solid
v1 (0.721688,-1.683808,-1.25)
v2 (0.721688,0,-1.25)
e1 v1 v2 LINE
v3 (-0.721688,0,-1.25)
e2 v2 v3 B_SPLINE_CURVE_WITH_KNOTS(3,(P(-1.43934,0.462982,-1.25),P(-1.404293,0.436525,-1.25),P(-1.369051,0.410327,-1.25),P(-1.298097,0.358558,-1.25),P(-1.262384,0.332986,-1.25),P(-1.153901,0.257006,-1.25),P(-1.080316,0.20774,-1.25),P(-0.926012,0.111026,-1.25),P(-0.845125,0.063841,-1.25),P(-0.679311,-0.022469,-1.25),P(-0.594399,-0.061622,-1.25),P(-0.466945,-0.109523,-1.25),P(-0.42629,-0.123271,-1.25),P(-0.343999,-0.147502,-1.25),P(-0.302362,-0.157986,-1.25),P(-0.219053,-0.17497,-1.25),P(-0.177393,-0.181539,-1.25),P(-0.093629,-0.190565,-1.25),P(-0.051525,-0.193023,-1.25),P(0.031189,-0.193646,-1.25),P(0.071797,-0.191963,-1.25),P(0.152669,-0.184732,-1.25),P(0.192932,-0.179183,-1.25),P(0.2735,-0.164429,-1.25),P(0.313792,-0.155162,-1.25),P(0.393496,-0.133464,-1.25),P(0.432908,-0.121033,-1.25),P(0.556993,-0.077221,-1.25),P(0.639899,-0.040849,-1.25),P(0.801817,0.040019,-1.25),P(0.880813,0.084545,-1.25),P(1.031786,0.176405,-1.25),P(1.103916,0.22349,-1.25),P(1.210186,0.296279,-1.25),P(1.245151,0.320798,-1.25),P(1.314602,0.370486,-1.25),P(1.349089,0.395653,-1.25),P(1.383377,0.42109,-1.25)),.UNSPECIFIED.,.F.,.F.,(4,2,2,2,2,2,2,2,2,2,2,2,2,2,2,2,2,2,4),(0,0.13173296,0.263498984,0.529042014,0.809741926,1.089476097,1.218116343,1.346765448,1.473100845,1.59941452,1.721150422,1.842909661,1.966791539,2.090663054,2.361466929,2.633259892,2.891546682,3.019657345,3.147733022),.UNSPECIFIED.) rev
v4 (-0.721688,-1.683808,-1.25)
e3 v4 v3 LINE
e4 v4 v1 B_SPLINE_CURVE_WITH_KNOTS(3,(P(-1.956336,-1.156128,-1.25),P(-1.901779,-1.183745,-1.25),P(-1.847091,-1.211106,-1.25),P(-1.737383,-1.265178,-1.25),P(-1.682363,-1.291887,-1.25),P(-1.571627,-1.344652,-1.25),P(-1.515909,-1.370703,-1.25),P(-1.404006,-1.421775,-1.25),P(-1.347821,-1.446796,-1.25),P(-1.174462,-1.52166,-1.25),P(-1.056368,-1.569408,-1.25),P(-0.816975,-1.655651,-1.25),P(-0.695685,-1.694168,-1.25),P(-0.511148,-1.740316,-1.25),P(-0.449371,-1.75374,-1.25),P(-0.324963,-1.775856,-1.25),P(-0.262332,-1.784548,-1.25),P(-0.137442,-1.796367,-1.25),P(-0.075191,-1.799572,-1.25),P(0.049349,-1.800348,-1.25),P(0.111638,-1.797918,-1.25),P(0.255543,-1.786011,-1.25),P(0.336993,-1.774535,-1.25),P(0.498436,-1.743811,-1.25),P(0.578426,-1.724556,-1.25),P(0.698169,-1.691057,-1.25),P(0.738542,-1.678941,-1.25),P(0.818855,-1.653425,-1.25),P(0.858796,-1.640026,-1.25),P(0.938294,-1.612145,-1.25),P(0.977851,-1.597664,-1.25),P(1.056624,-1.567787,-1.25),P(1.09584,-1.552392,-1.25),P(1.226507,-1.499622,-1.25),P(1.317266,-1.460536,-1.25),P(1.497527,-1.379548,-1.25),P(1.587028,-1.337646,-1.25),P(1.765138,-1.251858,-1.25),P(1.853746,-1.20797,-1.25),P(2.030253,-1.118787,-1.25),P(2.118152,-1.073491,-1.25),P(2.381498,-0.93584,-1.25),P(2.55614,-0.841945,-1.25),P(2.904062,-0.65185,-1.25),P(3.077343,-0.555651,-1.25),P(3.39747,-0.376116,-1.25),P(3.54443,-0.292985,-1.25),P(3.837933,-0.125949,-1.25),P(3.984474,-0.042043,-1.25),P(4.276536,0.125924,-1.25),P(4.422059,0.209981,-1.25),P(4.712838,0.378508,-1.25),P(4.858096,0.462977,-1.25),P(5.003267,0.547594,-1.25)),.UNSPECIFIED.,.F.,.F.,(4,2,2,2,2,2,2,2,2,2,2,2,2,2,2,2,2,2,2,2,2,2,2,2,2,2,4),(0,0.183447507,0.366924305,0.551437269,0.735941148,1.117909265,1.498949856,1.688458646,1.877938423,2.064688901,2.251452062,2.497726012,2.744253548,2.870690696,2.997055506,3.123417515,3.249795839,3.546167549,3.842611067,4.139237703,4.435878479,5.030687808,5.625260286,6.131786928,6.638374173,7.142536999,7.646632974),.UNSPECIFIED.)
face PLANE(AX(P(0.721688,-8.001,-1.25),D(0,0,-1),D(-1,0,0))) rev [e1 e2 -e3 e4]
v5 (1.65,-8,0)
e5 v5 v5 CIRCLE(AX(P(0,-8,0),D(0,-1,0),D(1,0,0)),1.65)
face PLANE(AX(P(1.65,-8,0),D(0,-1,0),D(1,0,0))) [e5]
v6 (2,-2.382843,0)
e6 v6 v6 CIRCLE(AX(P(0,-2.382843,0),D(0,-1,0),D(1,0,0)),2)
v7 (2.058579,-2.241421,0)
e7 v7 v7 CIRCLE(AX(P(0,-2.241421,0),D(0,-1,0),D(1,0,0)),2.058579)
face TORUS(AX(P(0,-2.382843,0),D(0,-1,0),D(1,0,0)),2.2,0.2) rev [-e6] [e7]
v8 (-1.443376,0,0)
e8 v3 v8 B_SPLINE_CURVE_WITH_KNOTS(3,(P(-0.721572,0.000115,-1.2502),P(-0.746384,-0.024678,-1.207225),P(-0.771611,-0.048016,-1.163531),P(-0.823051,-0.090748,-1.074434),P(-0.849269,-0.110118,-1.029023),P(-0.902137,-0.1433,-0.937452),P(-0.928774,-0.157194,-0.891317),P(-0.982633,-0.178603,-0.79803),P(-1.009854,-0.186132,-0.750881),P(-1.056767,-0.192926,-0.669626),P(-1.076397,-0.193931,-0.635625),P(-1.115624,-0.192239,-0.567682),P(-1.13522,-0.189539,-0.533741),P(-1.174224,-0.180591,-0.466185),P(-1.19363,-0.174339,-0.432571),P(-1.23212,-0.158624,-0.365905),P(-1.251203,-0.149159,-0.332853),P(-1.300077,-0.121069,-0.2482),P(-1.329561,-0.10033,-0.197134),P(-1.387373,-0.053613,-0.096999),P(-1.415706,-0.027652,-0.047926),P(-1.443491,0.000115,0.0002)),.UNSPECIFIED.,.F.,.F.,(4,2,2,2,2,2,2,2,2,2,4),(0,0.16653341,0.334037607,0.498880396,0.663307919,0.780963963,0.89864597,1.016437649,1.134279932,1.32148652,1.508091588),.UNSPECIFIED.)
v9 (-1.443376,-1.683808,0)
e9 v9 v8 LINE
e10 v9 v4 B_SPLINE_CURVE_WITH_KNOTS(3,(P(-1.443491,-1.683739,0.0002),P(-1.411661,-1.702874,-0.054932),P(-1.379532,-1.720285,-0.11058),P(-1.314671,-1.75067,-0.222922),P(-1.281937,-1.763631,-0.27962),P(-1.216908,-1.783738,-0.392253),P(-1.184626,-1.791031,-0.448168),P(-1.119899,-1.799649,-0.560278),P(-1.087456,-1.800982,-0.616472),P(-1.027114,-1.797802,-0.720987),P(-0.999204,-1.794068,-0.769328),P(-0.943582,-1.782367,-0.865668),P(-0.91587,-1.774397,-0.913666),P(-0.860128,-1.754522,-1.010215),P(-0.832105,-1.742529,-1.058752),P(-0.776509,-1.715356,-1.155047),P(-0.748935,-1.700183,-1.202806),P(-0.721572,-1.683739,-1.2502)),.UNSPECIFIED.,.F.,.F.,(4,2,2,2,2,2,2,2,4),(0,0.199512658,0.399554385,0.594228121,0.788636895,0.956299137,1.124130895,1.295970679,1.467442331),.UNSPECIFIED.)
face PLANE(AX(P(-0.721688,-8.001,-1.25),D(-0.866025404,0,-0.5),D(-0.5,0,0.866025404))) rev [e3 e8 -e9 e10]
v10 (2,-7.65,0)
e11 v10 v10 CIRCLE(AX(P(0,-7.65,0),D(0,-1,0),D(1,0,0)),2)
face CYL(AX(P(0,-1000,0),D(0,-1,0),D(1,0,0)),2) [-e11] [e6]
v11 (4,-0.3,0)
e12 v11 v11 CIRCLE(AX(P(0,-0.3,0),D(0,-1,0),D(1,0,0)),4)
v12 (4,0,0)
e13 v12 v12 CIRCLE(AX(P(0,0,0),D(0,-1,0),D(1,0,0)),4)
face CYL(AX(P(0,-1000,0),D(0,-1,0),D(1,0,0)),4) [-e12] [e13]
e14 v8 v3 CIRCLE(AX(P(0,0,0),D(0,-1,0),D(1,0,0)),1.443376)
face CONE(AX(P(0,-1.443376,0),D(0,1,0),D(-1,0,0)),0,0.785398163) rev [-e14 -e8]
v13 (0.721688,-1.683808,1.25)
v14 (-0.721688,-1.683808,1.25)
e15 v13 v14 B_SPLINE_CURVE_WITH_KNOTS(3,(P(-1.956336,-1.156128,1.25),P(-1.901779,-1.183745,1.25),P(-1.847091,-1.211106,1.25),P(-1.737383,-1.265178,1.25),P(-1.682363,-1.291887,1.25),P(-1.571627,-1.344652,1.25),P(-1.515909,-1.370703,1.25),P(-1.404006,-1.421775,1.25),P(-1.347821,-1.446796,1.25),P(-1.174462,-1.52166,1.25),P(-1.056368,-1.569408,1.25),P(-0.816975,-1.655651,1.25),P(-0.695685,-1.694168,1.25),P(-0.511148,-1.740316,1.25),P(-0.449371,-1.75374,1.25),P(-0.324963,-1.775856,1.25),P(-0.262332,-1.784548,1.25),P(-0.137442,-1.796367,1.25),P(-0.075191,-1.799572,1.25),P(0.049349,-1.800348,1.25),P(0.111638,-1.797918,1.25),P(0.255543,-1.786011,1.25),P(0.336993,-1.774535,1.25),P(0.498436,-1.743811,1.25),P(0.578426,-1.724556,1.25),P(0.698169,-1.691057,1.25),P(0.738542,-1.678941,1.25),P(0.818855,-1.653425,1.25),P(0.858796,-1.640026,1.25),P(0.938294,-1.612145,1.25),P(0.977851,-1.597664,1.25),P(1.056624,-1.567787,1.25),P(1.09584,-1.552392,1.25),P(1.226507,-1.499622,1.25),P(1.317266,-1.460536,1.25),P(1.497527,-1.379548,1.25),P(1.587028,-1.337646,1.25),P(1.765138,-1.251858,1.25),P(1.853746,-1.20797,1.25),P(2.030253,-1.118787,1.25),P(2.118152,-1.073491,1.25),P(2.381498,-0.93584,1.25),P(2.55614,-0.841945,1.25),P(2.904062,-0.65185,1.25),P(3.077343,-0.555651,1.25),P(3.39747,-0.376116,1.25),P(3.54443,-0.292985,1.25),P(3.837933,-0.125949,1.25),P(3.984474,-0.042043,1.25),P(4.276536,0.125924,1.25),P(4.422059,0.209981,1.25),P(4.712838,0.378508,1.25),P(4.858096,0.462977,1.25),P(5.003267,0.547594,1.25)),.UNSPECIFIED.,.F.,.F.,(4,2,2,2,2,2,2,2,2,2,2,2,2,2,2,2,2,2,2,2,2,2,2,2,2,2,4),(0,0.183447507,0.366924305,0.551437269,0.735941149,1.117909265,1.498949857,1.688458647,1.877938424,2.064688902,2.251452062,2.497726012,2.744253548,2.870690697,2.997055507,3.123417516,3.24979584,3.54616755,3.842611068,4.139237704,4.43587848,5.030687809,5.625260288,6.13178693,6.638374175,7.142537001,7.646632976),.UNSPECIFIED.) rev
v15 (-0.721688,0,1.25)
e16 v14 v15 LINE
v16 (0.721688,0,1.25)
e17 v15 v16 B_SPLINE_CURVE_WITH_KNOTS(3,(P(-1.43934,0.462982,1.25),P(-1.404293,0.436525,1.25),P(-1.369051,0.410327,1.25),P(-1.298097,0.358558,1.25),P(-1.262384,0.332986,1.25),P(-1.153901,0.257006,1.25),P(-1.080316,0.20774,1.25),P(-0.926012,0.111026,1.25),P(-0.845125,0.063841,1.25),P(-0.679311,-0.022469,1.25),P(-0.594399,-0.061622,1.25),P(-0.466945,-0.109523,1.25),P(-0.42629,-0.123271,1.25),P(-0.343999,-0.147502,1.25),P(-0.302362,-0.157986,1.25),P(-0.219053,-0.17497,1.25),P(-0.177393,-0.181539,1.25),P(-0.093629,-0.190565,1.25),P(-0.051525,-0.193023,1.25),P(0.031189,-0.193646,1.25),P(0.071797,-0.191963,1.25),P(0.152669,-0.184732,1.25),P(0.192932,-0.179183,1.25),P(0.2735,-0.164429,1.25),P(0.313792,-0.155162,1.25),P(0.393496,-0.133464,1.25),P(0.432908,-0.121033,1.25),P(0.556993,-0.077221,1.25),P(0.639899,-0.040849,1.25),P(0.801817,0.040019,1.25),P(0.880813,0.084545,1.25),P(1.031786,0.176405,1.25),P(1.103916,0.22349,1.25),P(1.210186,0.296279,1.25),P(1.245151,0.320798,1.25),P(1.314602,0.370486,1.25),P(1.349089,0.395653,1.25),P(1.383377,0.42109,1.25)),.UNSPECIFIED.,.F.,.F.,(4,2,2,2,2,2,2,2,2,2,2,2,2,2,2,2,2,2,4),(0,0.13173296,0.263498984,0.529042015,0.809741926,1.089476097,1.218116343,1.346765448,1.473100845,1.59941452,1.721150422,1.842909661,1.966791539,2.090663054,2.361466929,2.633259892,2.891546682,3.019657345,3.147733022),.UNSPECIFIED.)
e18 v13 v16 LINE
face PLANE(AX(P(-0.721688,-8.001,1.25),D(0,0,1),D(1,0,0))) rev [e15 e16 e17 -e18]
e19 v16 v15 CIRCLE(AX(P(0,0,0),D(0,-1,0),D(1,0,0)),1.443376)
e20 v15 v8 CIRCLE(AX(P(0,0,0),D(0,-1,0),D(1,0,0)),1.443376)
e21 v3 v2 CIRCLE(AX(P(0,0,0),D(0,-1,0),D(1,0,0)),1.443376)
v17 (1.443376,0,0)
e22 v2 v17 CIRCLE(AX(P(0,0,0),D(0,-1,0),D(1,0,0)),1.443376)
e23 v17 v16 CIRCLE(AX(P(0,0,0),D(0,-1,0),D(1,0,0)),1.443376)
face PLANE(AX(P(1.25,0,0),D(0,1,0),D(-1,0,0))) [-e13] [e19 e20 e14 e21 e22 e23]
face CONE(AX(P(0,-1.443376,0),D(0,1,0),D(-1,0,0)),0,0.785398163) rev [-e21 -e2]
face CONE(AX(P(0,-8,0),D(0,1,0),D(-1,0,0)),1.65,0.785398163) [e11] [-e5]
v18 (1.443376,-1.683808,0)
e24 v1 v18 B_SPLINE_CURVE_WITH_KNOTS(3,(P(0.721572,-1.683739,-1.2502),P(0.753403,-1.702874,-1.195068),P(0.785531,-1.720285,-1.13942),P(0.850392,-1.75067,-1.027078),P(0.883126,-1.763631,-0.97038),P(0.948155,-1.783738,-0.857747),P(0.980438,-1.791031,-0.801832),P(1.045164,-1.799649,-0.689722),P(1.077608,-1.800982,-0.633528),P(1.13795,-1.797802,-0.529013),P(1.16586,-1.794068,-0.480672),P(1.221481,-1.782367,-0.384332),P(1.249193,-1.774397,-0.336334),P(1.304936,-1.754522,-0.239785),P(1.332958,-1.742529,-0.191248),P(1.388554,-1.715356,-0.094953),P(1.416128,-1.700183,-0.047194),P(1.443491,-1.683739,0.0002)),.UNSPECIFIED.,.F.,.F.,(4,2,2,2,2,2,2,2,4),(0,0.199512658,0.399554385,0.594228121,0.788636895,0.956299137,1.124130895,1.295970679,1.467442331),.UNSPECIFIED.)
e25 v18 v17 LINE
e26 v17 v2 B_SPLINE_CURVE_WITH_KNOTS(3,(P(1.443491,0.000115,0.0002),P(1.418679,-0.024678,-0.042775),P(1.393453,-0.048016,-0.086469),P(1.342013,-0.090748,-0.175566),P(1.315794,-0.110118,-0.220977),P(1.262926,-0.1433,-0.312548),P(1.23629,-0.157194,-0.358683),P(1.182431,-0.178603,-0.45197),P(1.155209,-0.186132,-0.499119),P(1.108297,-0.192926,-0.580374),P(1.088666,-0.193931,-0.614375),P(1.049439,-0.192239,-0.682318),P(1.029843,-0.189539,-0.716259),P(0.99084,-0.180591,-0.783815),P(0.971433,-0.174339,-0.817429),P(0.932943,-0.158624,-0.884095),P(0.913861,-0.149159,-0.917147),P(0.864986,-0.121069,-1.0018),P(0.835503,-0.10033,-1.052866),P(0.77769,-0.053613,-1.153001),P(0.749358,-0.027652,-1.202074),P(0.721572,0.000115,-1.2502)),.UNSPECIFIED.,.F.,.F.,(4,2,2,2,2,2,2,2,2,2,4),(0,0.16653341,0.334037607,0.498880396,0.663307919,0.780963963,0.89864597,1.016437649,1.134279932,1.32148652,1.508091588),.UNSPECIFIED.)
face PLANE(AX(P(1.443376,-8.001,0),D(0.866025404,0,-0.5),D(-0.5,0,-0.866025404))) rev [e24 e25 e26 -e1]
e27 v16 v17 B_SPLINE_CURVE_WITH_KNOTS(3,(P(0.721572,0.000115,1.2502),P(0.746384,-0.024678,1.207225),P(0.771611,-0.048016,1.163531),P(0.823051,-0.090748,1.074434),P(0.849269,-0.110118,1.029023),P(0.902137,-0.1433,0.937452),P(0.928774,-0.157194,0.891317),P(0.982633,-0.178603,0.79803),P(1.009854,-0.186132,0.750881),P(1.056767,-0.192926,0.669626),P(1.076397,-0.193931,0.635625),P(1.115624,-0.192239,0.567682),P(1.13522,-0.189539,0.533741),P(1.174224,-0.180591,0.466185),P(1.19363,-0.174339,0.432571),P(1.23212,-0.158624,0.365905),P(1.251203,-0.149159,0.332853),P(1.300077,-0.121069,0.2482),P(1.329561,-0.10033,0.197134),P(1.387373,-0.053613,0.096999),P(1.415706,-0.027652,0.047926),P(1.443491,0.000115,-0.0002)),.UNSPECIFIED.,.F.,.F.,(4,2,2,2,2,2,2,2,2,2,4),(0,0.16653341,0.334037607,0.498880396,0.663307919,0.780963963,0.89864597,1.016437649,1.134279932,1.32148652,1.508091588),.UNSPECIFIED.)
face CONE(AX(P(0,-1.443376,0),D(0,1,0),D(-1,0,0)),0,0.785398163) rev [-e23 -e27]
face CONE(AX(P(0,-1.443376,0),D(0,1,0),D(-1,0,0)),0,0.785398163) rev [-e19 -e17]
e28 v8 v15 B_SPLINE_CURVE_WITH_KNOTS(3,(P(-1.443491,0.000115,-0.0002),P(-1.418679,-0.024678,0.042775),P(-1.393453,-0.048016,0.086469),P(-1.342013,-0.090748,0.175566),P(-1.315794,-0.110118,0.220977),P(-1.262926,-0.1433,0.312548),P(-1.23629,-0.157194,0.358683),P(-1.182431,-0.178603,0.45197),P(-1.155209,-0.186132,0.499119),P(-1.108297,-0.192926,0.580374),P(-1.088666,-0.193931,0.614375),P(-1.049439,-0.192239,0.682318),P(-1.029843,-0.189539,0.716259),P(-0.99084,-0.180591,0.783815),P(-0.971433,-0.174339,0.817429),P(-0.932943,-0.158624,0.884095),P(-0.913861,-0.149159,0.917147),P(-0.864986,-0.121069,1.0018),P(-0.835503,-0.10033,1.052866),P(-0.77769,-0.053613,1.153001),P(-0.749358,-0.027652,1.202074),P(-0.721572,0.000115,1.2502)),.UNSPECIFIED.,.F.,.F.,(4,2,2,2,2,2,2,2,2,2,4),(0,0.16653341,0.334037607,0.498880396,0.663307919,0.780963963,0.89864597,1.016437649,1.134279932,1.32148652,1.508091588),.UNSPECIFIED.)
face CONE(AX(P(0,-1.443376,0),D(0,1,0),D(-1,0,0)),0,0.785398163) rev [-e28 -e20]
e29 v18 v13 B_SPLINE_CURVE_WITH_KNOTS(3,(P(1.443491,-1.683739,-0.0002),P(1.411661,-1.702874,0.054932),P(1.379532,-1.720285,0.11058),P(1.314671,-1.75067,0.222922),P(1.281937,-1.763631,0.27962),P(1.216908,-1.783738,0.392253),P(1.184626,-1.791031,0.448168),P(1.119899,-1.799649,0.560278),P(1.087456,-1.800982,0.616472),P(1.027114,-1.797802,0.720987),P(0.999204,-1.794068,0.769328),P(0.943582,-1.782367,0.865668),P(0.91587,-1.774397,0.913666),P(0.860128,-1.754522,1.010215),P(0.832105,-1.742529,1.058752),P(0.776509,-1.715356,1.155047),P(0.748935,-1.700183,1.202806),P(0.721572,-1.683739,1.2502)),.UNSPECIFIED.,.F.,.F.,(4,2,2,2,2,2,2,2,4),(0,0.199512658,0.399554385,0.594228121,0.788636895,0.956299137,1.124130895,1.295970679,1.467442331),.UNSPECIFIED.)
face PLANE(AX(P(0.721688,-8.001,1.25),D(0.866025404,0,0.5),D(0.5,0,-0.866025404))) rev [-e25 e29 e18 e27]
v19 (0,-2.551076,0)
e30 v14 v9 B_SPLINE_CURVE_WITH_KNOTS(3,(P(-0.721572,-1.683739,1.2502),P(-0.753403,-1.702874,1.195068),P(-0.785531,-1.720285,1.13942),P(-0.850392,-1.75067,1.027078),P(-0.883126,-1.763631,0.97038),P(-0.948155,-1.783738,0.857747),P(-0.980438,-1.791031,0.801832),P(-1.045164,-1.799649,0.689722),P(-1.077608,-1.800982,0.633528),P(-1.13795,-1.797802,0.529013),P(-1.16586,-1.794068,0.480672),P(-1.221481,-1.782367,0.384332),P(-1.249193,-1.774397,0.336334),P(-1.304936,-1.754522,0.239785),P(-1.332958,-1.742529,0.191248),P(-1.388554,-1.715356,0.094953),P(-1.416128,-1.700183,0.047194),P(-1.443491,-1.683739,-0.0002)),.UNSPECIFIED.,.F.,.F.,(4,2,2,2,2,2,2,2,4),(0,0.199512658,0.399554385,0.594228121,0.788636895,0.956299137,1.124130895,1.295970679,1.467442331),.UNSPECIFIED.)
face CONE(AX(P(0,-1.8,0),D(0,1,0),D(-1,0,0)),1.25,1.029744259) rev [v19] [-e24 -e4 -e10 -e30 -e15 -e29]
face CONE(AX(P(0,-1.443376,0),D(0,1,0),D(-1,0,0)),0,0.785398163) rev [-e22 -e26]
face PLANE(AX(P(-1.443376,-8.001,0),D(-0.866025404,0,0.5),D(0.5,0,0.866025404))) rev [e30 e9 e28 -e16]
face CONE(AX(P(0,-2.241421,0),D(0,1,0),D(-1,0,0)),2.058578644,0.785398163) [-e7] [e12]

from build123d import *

# Parameters (mm, degrees)
CORTE_EXTRUS_O1_REACH = 11.798


with BuildPart() as part:
    # Esboço1 → Revolução1 (revolve)
    with BuildSketch(Plane.XY):
        with BuildLine():
            Line((0, -2.551075774), (1.25, -1.8))
            Line((1.25, -1.8), (1.25, 0))
            Line((1.25, 0), (4, 0))
            Line((4, 0), (4, -0.3))
            Line((4, -0.3), (2.058578644, -2.241421356))
            ThreePointArc((2.058578644, -2.241421356), (2.015224094, -2.306306026), (2, -2.382842712))
            Line((2, -2.382842712), (2, -7.65))
            Line((2, -7.65), (1.65, -8))
            Line((1.65, -8), (0, -8))
            Line((0, -8), (0, -2.551075774))
        make_face()
    revolve(axis=Axis((0, -1000, 0), (0, 1, 0)))

    # Corte-extrusão1: up to this cone (the profile starts inside it)
    corte_extrus_o1_end = Plane(origin=(0, 0, 0), z_dir=(0, 1, 0)).offset(-2.551074774) * Cone(1.664e-06, 31.779048647, 19.094777842, align=(Align.CENTER, Align.CENTER, Align.MIN), mode=Mode.PRIVATE)
    # Esboço2 → Corte-extrusão1 (cut, up to the surface)
    with BuildSketch(Plane(origin=(0, 0, 0), x_dir=(1, 0, 0), z_dir=(0, 1, 0)), mode=Mode.PRIVATE) as corte_extrus_o1_sk1:
        Polygon((-1.443375673, 0), (-0.721687836, -1.25), (0.721687836, -1.25), (1.443375673, 0), (0.721687836, 1.25), (-0.721687836, 1.25), align=None)
    corte_extrus_o1_tool1 = extrude(corte_extrus_o1_sk1.sketch, amount=-CORTE_EXTRUS_O1_REACH, mode=Mode.PRIVATE) & corte_extrus_o1_end
    add(corte_extrus_o1_tool1.solids().sort_by_distance((0, 0, 0))[0], mode=Mode.SUBTRACT)

    # Esboço3 → Corte-Revolução1 (revolve, cut)
    with BuildSketch(Plane.XY, mode=Mode.PRIVATE) as corte_revolu_o1_sk:
        Polygon((1.443375673, 0), (0, -1.443375673), (0, 0), align=None)
    revolve(corte_revolu_o1_sk.sketch.rotate(Axis((0, -1000, 0), (0, 1, 0)), 180), axis=Axis((0, -1000, 0), (0, 1, 0)), mode=Mode.SUBTRACT)


solid = part.part
